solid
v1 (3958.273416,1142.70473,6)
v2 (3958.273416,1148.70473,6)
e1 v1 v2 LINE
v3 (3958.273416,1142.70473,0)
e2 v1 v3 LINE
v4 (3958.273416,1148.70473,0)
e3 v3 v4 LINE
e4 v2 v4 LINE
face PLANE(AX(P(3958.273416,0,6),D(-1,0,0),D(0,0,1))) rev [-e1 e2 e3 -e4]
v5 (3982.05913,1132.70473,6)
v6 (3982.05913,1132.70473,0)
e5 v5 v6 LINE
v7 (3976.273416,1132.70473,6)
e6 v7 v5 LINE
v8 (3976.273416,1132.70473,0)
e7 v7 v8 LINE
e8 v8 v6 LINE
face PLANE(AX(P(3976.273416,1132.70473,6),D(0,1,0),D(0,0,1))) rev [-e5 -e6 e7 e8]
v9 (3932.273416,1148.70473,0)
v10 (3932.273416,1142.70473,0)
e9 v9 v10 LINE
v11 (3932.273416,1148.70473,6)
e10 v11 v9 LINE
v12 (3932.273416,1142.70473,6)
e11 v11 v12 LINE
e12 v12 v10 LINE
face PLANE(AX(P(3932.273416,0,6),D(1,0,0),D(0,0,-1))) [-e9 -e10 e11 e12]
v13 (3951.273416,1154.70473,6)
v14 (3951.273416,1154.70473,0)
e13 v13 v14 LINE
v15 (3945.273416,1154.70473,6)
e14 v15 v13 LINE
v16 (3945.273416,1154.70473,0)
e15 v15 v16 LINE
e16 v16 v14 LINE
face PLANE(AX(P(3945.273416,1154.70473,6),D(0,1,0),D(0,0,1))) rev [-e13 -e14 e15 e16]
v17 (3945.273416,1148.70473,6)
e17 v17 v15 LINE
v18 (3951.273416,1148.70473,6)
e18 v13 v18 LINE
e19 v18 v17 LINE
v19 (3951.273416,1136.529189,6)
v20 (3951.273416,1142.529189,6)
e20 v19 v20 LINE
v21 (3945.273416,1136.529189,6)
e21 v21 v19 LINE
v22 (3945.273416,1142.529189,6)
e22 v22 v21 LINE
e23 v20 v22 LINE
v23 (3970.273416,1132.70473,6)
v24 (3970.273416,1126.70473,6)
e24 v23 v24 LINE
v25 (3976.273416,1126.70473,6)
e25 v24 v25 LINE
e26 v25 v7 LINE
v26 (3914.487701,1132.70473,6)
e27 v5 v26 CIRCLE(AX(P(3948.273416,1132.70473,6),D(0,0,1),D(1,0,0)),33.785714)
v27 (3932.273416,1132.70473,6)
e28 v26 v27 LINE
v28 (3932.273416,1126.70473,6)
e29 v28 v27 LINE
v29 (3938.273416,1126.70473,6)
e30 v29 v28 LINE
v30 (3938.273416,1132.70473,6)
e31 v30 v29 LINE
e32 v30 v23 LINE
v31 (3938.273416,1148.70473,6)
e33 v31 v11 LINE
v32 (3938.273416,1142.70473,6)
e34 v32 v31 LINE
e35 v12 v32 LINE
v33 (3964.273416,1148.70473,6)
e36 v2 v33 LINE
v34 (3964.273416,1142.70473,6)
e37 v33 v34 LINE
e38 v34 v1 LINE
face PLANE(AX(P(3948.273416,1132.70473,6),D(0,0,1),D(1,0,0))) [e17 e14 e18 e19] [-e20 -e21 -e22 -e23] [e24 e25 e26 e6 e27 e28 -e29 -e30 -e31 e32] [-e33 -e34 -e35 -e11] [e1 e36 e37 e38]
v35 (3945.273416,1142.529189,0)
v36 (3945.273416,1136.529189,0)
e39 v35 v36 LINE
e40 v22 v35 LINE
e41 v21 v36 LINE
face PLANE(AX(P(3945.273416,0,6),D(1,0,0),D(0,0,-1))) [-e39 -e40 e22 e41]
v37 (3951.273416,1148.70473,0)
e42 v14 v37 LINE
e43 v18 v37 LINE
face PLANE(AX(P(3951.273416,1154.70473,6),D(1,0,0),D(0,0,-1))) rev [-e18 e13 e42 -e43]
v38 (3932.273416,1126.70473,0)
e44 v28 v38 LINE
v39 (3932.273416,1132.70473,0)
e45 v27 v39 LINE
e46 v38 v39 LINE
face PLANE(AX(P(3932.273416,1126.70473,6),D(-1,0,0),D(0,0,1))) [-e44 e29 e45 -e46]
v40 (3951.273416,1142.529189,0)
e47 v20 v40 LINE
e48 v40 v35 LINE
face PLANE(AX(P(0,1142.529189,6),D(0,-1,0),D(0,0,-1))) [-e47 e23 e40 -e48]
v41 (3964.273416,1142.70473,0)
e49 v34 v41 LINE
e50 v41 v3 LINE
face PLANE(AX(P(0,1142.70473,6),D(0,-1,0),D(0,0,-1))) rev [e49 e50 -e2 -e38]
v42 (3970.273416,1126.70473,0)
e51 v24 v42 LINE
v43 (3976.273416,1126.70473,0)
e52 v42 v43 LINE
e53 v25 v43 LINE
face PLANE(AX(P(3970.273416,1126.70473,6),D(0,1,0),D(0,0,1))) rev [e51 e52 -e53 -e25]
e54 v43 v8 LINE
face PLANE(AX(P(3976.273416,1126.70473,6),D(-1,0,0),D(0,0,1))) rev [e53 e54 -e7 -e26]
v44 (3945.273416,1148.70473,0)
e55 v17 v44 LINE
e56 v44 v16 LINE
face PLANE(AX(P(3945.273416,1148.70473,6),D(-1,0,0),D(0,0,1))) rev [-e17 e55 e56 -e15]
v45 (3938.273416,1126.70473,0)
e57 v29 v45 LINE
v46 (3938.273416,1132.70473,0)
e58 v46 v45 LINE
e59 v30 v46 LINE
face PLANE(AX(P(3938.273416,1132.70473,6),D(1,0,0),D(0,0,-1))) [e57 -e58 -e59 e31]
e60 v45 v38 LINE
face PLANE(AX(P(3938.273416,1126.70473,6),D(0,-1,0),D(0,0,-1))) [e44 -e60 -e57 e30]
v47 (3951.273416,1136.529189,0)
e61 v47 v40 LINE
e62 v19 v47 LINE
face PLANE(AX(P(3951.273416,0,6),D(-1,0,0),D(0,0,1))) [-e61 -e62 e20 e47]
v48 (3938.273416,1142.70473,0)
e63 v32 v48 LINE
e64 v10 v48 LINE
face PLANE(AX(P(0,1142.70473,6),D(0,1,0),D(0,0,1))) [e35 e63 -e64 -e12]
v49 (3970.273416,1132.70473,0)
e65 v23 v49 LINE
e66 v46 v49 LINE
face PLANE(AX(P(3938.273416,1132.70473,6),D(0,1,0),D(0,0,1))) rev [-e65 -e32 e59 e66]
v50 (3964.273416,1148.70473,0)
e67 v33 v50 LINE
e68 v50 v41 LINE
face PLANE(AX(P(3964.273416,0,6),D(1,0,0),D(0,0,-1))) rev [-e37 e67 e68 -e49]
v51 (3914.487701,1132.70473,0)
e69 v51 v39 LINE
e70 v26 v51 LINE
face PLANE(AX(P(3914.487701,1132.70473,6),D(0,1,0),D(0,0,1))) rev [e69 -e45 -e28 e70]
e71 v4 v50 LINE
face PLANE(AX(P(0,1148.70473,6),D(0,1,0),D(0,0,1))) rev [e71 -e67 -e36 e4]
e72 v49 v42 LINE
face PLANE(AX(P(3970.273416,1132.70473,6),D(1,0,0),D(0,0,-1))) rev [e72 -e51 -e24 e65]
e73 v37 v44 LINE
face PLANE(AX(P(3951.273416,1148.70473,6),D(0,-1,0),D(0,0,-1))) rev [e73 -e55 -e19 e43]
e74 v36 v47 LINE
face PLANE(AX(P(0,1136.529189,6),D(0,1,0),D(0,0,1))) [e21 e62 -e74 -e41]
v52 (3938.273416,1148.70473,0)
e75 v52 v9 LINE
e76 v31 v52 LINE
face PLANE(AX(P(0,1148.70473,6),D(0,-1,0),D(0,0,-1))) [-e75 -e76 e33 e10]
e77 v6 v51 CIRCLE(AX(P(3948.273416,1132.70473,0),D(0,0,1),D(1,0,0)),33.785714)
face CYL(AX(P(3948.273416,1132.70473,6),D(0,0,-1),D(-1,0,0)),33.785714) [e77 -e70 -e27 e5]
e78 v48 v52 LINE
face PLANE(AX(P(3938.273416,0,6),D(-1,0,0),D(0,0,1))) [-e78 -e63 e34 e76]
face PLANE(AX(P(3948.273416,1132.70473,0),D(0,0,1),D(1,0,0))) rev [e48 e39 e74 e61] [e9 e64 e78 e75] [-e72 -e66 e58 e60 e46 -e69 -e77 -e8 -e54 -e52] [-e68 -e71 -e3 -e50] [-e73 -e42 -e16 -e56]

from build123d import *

# Parameters (mm, degrees)
MODEL_W             = 6
MODEL_H             = 6
BOSS_EXTRUDE1_DEPTH = 6


with BuildPart() as part:
    # Model → Boss-Extrude1 (new body)
    with BuildSketch(Plane.XY):
        with BuildLine():
            Line((3970.27341572, 1132.704730077), (3970.27341572, 1126.704730077))
            Line((3970.27341572, 1126.704730077), (3976.27341572, 1126.704730077))
            Line((3976.27341572, 1126.704730077), (3976.27341572, 1132.704730077))
            Line((3976.27341572, 1132.704730077), (3982.059130006, 1132.704730077))
            ThreePointArc((3982.059130006, 1132.704730077), (3948.27341572, 1166.490444363), (3914.487701434, 1132.704730077))
            Line((3914.487701434, 1132.704730077), (3932.27341572, 1132.704730077))
            Line((3932.27341572, 1132.704730077), (3932.27341572, 1126.704730077))
            Line((3932.27341572, 1126.704730077), (3938.27341572, 1126.704730077))
            Line((3938.27341572, 1126.704730077), (3938.27341572, 1132.704730077))
            Line((3938.27341572, 1132.704730077), (3970.27341572, 1132.704730077))
        make_face()
        with Locations((3961.27341572, 1145.704730077)):
            Rectangle(MODEL_W, MODEL_H, mode=Mode.SUBTRACT)
        with Locations((3935.27341572, 1145.704730077)):
            Rectangle(MODEL_W, MODEL_H, mode=Mode.SUBTRACT)
        with Locations((3948.27341572, 1151.704730077)):
            Rectangle(MODEL_W, MODEL_H, mode=Mode.SUBTRACT)
        with Locations((3948.27341572, 1139.529188911)):
            Rectangle(MODEL_W, MODEL_H, mode=Mode.SUBTRACT)
    extrude(amount=BOSS_EXTRUDE1_DEPTH)


solid = part.part
